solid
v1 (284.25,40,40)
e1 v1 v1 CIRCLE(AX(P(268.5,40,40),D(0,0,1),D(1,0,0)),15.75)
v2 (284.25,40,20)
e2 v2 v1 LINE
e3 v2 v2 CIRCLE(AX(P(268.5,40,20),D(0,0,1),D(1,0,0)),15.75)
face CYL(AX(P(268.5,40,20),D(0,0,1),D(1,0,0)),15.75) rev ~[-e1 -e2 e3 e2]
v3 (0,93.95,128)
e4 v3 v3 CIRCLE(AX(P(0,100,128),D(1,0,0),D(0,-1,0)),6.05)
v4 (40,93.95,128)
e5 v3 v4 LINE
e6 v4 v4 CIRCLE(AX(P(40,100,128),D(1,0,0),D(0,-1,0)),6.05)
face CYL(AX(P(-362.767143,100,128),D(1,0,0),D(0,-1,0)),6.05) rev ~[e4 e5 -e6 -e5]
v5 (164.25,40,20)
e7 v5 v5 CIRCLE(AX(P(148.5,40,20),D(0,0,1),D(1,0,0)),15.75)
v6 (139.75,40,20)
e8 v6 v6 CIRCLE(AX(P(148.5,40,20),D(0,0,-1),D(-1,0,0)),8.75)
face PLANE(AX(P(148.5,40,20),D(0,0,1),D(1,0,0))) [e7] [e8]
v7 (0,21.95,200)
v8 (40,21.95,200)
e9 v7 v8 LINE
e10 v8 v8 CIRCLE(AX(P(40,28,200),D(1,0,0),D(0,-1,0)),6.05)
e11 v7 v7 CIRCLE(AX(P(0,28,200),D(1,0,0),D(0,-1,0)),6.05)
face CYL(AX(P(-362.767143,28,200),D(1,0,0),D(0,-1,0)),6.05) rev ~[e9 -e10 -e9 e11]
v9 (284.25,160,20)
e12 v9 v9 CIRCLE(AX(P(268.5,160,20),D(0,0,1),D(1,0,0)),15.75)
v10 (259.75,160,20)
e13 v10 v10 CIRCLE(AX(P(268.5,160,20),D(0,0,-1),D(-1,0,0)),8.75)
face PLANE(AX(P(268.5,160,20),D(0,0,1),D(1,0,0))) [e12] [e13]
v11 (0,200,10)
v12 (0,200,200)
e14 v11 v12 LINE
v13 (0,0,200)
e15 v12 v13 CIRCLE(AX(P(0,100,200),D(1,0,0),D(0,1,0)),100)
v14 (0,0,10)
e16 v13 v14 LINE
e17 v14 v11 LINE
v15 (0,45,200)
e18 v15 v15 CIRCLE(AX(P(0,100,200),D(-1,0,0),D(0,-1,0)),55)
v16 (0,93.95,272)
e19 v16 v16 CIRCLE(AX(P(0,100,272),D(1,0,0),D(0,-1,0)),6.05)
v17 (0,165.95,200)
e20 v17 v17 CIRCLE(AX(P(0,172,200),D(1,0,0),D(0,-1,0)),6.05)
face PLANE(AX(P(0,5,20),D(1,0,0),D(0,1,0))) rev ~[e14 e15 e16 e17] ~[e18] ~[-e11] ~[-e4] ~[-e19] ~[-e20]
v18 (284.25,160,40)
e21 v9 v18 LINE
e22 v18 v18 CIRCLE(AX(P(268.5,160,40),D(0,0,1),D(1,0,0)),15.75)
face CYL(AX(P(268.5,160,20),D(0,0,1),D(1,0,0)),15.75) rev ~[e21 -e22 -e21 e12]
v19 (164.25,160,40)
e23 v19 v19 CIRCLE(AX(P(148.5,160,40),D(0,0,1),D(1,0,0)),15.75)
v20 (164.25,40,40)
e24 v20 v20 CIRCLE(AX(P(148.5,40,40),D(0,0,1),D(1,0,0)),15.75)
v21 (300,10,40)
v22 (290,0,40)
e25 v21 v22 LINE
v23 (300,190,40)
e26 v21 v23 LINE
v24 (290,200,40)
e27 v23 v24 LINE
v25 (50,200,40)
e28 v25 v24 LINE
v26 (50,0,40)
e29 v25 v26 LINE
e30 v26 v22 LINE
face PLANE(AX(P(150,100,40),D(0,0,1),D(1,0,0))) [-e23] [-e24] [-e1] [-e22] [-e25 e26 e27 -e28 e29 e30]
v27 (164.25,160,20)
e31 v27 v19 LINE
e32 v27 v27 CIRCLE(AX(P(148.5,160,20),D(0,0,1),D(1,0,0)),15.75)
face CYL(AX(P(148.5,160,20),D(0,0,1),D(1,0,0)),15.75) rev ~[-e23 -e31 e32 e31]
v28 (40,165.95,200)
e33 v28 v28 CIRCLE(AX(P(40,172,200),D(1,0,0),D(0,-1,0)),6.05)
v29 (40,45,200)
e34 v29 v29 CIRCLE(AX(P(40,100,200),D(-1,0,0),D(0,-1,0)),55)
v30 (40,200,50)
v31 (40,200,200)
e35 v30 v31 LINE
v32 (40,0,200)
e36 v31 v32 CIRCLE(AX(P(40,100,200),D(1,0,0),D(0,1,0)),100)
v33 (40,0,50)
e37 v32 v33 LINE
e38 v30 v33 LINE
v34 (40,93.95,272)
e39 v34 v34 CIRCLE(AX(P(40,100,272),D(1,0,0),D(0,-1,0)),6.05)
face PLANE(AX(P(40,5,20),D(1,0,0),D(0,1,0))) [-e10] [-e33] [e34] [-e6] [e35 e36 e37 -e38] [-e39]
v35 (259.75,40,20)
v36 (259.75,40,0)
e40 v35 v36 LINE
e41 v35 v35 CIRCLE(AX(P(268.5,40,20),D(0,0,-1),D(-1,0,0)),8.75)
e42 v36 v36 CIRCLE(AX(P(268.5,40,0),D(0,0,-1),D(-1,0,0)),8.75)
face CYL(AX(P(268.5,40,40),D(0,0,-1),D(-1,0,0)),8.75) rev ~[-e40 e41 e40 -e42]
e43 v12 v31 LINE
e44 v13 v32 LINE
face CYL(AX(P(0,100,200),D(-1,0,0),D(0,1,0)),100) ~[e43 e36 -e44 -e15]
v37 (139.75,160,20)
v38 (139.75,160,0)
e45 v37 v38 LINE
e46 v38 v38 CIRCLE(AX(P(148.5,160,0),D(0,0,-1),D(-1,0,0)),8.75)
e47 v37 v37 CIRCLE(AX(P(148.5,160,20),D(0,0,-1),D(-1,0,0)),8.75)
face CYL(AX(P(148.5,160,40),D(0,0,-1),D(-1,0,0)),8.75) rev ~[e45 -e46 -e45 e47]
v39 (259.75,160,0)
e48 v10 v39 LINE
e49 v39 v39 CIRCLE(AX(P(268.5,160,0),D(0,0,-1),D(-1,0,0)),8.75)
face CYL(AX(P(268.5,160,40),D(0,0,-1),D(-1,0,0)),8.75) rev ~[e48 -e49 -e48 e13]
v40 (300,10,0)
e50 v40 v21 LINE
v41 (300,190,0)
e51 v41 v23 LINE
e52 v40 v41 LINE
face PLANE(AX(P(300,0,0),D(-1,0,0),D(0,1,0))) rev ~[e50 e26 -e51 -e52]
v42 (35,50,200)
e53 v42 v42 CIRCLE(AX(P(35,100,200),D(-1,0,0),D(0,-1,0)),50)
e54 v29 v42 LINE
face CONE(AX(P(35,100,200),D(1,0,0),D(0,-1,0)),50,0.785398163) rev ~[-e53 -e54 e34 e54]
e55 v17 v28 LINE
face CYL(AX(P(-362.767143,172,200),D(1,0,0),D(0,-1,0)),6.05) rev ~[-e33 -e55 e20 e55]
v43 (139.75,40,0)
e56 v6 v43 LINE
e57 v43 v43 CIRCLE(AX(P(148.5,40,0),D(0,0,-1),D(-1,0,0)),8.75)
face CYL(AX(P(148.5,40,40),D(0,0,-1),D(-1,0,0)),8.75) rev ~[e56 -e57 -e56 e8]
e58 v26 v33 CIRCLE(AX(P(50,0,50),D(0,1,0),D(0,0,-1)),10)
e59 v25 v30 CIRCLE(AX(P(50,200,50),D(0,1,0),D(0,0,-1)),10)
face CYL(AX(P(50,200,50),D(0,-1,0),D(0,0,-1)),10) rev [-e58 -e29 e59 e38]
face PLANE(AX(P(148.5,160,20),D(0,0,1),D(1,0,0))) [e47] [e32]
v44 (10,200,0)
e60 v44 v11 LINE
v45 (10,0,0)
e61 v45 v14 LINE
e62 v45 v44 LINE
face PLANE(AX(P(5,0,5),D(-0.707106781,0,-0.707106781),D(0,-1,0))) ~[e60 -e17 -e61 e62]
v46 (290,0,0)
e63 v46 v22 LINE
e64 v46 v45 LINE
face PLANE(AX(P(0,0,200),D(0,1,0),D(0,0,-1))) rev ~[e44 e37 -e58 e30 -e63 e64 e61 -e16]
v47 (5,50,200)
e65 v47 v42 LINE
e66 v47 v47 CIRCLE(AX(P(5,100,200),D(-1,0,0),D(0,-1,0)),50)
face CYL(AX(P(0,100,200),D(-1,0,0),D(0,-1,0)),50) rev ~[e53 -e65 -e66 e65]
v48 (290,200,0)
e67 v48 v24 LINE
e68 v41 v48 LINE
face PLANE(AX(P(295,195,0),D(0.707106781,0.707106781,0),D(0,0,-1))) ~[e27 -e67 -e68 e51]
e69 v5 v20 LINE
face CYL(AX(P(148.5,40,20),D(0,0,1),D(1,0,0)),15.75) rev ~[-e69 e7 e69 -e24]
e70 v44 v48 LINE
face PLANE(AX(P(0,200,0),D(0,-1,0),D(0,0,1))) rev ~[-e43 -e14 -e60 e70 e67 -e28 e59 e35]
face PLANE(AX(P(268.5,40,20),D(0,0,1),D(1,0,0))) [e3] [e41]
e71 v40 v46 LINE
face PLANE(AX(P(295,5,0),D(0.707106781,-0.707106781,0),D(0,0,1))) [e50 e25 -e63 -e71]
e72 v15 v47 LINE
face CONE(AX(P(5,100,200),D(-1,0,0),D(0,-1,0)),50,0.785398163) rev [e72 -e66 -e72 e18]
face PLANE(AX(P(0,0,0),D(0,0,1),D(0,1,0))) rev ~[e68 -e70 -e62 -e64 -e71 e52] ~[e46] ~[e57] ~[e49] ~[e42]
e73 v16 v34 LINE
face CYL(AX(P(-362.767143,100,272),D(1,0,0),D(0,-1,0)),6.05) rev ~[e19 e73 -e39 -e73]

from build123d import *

# Parameters (mm, degrees)
F1_W            = 10
F1_H            = 40
F1_W_2          = 180
F2_DEPTH        = 40
F3_D            = 12.1
F4_W            = 300
F4_H            = 200
F5_DEPTH        = 40
F6_SIZE         = 10
F7_SIZE         = 10
F8_SIZE         = 10
F9_R            = 10
F10_SIZE        = 5
F12_D           = 17.5
F12_CBORE_D     = 31.5
F12_CBORE_DEPTH = 20


with BuildPart() as f2:
    # F1 (on Right) → F2 (new body)
    with BuildSketch(Plane.YZ):
        with Locations((5, 20)):
            Rectangle(F1_W, F1_H)
        with Locations((100, 20)):
            Rectangle(F1_W_2, F1_H)
        with BuildLine():
            Line((0, 200), (0, 40))
            Line((0, 40), (10, 40))
            Line((10, 40), (190, 40))
            Line((190, 40), (200, 40))
            Line((200, 40), (200, 200))
            ThreePointArc((200, 200), (100, 100), (0, 200))
        make_face()
        with Locations((195, 20)):
            Rectangle(F1_W, F1_H)
        with BuildLine():
            ThreePointArc((200, 200), (100, 300), (0, 200))
            Line((0, 200), (50, 200))
            ThreePointArc((50, 200), (100, 250), (150, 200))
            Line((150, 200), (200, 200))
        make_face()
        with BuildLine():
            Line((50, 200), (0, 200))
            ThreePointArc((0, 200), (100, 100), (200, 200))
            Line((200, 200), (150, 200))
            ThreePointArc((150, 200), (100, 150), (50, 200))
        make_face()
    extrude(amount=F2_DEPTH)

    # F3 (through all)
    with Locations(Plane(origin=(0, 0, 0), x_dir=(0, 1, 0), z_dir=(-1, 0, 0))):
        with Locations((100, -272), (100, -128), (172, -200), (28, -200)):
            Hole(F3_D / 2)

    # F4 (on Top) → F5 (join)
    with BuildSketch(Plane.XY):
        with Locations((150, 100)):
            Rectangle(F4_W, F4_H)
    extrude(amount=F5_DEPTH)

    # F6
    f6_edges = [f2.edges().sort_by_distance(p)[0] for p in [
        (300, 0, 20),
    ]]
    chamfer(f6_edges, length=F6_SIZE)

    # F7
    f7_edges = [f2.edges().sort_by_distance(p)[0] for p in [
        (300, 200, 20),
    ]]
    chamfer(f7_edges, length=F7_SIZE)

    # F8
    f8_edges = [f2.edges().sort_by_distance(p)[0] for p in [
        (0, 100, 0),
    ]]
    chamfer(f8_edges, length=F8_SIZE)

    # F9
    f9_edges = [f2.edges().sort_by_distance(p)[0] for p in [
        (40, 100, 40),
    ]]
    fillet(f9_edges, radius=F9_R)

    # F10
    f10_edges = [f2.edges().sort_by_distance(p)[0] for p in [
        (40, 150, 200),
        (0, 150, 200),
    ]]
    chamfer(f10_edges, length=F10_SIZE)

    # F12 (through all)
    with Locations(Plane.XY.offset(40)):
        with Locations((268.5, 40), (148.5, 40), (148.5, 160), (268.5, 160)):
            CounterBoreHole(F12_D / 2, F12_CBORE_D / 2, F12_CBORE_DEPTH)


solid = f2.part
